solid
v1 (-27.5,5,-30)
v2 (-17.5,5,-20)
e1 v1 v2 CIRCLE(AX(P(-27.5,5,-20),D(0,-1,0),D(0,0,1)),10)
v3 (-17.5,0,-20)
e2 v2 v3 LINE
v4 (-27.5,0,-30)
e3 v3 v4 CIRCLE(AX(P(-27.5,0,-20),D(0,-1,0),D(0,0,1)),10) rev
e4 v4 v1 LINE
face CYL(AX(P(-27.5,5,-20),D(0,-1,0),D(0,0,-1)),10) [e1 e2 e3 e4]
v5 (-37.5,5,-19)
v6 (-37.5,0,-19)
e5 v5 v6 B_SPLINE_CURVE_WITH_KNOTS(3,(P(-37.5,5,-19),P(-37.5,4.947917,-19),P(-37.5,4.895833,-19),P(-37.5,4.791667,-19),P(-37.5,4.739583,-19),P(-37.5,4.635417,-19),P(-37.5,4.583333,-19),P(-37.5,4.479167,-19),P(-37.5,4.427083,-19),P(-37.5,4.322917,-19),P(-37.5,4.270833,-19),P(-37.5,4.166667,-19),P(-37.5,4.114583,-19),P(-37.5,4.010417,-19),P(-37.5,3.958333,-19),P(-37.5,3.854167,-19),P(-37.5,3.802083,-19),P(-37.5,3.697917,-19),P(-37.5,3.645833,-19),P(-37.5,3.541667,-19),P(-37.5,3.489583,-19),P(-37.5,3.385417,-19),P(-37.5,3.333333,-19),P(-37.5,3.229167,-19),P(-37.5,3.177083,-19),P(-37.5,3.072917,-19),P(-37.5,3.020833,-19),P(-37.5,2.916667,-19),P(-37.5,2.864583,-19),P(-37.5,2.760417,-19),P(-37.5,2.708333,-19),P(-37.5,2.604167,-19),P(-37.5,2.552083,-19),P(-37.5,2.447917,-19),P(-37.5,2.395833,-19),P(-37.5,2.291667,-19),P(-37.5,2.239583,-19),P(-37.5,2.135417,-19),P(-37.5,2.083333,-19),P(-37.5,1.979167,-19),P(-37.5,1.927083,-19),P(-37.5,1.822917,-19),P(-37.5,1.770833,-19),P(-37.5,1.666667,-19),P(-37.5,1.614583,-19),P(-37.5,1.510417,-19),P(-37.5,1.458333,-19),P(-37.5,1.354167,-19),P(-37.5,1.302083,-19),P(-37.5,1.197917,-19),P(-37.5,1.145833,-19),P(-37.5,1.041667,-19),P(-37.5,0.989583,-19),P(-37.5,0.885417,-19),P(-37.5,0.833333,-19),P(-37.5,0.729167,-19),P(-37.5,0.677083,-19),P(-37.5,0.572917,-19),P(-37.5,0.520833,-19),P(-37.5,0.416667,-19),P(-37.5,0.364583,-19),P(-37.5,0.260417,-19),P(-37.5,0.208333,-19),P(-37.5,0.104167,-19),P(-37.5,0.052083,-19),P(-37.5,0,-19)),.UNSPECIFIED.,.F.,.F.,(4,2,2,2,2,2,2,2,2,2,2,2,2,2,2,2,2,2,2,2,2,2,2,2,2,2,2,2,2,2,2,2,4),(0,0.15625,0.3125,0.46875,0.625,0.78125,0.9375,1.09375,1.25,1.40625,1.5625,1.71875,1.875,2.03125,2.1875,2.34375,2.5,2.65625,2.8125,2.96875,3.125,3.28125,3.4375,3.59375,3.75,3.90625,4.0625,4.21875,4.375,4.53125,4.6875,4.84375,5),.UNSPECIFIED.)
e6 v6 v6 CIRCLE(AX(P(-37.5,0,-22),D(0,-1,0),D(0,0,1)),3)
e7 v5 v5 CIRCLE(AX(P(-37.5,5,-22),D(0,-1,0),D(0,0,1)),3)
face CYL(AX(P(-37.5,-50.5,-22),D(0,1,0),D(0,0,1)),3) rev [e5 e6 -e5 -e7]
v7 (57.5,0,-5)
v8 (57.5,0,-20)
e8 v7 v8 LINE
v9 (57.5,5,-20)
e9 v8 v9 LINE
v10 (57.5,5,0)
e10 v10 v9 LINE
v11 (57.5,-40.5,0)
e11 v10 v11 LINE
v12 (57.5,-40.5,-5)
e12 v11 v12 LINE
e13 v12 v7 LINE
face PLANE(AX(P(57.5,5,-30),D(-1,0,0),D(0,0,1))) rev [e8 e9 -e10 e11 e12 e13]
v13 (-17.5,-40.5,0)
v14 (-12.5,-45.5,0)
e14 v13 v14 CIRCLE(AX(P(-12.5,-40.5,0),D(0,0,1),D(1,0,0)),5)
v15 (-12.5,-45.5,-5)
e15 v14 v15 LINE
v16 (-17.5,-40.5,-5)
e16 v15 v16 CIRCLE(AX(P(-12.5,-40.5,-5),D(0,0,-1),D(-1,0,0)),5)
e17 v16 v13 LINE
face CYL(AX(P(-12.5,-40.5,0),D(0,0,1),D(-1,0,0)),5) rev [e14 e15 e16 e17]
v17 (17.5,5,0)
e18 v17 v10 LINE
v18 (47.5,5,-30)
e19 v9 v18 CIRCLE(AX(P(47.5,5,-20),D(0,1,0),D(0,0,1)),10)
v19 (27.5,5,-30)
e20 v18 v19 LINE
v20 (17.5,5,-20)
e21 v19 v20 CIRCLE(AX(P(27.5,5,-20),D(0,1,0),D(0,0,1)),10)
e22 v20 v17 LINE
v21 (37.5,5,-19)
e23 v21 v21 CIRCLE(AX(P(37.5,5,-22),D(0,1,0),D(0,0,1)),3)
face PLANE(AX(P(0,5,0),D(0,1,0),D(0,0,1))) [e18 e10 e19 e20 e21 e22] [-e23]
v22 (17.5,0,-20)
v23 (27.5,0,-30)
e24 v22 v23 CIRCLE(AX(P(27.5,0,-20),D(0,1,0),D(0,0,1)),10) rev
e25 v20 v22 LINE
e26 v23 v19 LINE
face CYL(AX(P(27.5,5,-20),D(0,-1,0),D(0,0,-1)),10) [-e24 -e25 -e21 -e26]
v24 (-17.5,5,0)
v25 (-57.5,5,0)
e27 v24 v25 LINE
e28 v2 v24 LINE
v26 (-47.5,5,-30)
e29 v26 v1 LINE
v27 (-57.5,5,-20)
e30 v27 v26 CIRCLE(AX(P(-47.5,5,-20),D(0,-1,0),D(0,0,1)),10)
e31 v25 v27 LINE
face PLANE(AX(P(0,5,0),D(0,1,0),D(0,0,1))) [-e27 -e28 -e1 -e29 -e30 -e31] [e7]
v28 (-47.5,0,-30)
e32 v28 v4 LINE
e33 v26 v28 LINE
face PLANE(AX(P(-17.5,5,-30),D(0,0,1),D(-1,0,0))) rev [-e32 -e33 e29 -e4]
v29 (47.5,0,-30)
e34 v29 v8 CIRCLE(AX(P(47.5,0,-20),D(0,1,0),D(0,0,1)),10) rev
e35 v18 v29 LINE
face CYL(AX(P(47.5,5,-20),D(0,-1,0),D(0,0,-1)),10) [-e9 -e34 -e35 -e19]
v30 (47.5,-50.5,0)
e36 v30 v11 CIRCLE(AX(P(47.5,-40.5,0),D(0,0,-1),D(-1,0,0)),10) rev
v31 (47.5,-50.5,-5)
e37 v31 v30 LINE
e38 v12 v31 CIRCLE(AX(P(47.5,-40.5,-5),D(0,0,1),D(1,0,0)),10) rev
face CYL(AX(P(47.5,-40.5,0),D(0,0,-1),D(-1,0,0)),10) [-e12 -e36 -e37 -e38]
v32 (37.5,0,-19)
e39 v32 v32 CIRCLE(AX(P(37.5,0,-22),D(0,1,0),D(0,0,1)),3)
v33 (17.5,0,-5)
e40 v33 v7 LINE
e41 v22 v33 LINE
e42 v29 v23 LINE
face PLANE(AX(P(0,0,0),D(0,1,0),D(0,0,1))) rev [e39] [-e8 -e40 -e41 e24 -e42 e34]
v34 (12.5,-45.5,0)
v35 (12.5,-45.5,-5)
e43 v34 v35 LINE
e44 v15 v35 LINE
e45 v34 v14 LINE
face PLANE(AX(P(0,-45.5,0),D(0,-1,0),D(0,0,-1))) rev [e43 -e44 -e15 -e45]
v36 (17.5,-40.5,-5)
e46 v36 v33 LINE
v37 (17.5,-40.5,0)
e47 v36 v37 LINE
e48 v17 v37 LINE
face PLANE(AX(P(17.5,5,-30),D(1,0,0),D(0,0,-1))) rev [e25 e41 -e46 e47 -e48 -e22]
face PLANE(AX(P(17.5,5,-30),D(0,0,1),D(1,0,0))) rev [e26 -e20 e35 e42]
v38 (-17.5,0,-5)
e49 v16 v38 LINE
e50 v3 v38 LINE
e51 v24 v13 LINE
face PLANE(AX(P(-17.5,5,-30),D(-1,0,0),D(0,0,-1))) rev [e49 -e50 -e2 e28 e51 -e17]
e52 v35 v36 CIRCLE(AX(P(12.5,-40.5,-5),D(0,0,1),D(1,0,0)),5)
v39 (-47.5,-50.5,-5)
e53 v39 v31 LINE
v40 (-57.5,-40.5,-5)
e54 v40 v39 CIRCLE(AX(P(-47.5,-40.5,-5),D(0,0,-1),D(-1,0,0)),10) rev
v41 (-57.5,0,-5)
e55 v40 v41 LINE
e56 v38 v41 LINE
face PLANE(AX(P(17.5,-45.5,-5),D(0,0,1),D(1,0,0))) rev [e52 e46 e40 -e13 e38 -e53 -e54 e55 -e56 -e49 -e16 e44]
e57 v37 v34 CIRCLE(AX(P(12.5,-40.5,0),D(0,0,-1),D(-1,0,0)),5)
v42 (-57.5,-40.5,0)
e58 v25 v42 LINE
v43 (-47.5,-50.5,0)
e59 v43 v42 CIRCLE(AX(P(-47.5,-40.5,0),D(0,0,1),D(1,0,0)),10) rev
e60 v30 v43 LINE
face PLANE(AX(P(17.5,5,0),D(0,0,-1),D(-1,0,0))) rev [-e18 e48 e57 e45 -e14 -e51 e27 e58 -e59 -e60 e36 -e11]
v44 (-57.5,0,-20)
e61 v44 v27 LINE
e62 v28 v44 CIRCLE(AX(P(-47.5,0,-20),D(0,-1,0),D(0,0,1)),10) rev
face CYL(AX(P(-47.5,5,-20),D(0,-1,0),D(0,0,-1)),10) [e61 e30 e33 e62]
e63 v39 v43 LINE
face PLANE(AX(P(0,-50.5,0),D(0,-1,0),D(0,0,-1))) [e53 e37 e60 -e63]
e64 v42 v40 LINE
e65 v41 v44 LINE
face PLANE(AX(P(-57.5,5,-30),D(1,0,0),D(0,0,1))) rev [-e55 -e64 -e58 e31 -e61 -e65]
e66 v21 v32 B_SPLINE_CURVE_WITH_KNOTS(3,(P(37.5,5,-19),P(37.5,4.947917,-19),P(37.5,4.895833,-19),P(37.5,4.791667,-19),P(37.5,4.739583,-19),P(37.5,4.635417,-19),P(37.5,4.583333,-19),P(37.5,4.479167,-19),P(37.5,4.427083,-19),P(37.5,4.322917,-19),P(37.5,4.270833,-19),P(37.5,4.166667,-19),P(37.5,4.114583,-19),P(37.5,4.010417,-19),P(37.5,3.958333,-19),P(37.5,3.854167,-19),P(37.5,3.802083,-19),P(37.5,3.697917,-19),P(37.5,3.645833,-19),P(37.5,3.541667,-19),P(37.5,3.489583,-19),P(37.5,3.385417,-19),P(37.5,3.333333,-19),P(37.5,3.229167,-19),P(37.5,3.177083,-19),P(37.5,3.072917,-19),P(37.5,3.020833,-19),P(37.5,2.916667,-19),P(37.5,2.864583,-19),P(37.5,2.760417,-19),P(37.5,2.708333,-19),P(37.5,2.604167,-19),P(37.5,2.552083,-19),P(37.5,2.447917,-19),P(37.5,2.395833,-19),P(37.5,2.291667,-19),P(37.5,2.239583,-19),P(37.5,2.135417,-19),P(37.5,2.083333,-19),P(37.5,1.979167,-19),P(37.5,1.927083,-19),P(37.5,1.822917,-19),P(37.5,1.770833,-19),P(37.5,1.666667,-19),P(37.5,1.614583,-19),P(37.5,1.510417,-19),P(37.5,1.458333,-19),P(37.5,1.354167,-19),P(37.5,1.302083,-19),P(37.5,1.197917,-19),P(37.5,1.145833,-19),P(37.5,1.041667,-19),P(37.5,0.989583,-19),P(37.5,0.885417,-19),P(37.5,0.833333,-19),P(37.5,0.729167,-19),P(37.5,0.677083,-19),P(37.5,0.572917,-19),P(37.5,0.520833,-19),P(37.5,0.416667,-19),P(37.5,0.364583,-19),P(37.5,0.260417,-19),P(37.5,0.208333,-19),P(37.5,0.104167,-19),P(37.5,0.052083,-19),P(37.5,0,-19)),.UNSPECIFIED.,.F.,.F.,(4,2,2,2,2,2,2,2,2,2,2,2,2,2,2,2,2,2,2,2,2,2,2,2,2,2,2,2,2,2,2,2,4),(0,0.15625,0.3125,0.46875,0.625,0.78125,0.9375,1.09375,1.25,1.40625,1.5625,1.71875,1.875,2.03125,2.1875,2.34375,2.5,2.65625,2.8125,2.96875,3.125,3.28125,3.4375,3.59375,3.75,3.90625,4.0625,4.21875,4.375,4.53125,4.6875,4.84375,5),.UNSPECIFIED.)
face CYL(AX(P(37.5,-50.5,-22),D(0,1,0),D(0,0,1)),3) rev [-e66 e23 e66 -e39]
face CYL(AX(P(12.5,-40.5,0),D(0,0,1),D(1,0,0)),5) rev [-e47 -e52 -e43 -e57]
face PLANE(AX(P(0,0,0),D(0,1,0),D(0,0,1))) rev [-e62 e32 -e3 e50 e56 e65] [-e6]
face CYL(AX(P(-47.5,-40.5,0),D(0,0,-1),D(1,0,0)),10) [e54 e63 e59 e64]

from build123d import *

# Parameters (mm, degrees)
SKETCH1_W           = 40
SKETCH1_H           = 30
BOSS_EXTRUDE1_DEPTH = 5
SKETCH2_W           = 40
SKETCH2_H           = 5
BOSS_EXTRUDE2_DEPTH = 45.5
SKETCH3_W           = 57.5
SKETCH3_H           = 5
BOSS_EXTRUDE3_DEPTH = 5
FILLET1_R           = 10
FILLET2_R           = 5
FILLET3_R           = 10
SKETCH4_R           = 3
CUT_EXTRUDE1_DEPTH  = 86.36099812


with BuildPart() as part:
    # Sketch1 → Boss-Extrude1 (new body)
    with BuildSketch(Plane(origin=(0, 0, 0), x_dir=(1, 0, 0), z_dir=(0, 1, 0))):
        with Locations((37.5, 15)):
            Rectangle(SKETCH1_W, SKETCH1_H)
    extrude(amount=BOSS_EXTRUDE1_DEPTH)

    # Sketch2 → Boss-Extrude2 (add)
    with BuildSketch(Plane.XZ):
        with Locations((37.5, -2.5)):
            Rectangle(SKETCH2_W, SKETCH2_H)
    extrude(amount=BOSS_EXTRUDE2_DEPTH)

    # Sketch3 → Boss-Extrude3 (add)
    with BuildSketch(Plane.XZ.offset(45.5)):
        with Locations((28.75, -2.5)):
            Rectangle(SKETCH3_W, SKETCH3_H)
    extrude(amount=BOSS_EXTRUDE3_DEPTH)

    # Fillet1
    fillet1_edges = [part.edges().sort_by_distance(p)[0] for p in [
        (57.5, -50.5, -2.5),
    ]]
    fillet(fillet1_edges, radius=FILLET1_R)

    # Fillet2
    fillet2_edges = [part.edges().sort_by_distance(p)[0] for p in [
        (17.5, -45.5, -2.5),
    ]]
    fillet(fillet2_edges, radius=FILLET2_R)

    # Fillet3
    fillet3_edges = [part.edges().sort_by_distance(p)[0] for p in [
        (17.5, 2.5, -30),
        (57.5, 2.5, -30),
    ]]
    fillet(fillet3_edges, radius=FILLET3_R)

    # Sketch4 → Cut-Extrude1 (cut, through all)
    with BuildSketch(Plane(origin=(0, 5, 0), x_dir=(1, 0, 0), z_dir=(0, 1, 0))):
        with Locations(Location((37.5, 22, 0), (0, 0, 270))):
            Circle(SKETCH4_R)
    extrude(amount=-CUT_EXTRUDE1_DEPTH, mode=Mode.SUBTRACT)

    # Mirror1: part across plane


with BuildPart() as part_1:
    add(part.part)
    add(part.part.mirror(Plane(origin=(0, 0, 0), x_dir=(0, 0, 1), z_dir=(1, 0, 0))))


solid = part_1.part
